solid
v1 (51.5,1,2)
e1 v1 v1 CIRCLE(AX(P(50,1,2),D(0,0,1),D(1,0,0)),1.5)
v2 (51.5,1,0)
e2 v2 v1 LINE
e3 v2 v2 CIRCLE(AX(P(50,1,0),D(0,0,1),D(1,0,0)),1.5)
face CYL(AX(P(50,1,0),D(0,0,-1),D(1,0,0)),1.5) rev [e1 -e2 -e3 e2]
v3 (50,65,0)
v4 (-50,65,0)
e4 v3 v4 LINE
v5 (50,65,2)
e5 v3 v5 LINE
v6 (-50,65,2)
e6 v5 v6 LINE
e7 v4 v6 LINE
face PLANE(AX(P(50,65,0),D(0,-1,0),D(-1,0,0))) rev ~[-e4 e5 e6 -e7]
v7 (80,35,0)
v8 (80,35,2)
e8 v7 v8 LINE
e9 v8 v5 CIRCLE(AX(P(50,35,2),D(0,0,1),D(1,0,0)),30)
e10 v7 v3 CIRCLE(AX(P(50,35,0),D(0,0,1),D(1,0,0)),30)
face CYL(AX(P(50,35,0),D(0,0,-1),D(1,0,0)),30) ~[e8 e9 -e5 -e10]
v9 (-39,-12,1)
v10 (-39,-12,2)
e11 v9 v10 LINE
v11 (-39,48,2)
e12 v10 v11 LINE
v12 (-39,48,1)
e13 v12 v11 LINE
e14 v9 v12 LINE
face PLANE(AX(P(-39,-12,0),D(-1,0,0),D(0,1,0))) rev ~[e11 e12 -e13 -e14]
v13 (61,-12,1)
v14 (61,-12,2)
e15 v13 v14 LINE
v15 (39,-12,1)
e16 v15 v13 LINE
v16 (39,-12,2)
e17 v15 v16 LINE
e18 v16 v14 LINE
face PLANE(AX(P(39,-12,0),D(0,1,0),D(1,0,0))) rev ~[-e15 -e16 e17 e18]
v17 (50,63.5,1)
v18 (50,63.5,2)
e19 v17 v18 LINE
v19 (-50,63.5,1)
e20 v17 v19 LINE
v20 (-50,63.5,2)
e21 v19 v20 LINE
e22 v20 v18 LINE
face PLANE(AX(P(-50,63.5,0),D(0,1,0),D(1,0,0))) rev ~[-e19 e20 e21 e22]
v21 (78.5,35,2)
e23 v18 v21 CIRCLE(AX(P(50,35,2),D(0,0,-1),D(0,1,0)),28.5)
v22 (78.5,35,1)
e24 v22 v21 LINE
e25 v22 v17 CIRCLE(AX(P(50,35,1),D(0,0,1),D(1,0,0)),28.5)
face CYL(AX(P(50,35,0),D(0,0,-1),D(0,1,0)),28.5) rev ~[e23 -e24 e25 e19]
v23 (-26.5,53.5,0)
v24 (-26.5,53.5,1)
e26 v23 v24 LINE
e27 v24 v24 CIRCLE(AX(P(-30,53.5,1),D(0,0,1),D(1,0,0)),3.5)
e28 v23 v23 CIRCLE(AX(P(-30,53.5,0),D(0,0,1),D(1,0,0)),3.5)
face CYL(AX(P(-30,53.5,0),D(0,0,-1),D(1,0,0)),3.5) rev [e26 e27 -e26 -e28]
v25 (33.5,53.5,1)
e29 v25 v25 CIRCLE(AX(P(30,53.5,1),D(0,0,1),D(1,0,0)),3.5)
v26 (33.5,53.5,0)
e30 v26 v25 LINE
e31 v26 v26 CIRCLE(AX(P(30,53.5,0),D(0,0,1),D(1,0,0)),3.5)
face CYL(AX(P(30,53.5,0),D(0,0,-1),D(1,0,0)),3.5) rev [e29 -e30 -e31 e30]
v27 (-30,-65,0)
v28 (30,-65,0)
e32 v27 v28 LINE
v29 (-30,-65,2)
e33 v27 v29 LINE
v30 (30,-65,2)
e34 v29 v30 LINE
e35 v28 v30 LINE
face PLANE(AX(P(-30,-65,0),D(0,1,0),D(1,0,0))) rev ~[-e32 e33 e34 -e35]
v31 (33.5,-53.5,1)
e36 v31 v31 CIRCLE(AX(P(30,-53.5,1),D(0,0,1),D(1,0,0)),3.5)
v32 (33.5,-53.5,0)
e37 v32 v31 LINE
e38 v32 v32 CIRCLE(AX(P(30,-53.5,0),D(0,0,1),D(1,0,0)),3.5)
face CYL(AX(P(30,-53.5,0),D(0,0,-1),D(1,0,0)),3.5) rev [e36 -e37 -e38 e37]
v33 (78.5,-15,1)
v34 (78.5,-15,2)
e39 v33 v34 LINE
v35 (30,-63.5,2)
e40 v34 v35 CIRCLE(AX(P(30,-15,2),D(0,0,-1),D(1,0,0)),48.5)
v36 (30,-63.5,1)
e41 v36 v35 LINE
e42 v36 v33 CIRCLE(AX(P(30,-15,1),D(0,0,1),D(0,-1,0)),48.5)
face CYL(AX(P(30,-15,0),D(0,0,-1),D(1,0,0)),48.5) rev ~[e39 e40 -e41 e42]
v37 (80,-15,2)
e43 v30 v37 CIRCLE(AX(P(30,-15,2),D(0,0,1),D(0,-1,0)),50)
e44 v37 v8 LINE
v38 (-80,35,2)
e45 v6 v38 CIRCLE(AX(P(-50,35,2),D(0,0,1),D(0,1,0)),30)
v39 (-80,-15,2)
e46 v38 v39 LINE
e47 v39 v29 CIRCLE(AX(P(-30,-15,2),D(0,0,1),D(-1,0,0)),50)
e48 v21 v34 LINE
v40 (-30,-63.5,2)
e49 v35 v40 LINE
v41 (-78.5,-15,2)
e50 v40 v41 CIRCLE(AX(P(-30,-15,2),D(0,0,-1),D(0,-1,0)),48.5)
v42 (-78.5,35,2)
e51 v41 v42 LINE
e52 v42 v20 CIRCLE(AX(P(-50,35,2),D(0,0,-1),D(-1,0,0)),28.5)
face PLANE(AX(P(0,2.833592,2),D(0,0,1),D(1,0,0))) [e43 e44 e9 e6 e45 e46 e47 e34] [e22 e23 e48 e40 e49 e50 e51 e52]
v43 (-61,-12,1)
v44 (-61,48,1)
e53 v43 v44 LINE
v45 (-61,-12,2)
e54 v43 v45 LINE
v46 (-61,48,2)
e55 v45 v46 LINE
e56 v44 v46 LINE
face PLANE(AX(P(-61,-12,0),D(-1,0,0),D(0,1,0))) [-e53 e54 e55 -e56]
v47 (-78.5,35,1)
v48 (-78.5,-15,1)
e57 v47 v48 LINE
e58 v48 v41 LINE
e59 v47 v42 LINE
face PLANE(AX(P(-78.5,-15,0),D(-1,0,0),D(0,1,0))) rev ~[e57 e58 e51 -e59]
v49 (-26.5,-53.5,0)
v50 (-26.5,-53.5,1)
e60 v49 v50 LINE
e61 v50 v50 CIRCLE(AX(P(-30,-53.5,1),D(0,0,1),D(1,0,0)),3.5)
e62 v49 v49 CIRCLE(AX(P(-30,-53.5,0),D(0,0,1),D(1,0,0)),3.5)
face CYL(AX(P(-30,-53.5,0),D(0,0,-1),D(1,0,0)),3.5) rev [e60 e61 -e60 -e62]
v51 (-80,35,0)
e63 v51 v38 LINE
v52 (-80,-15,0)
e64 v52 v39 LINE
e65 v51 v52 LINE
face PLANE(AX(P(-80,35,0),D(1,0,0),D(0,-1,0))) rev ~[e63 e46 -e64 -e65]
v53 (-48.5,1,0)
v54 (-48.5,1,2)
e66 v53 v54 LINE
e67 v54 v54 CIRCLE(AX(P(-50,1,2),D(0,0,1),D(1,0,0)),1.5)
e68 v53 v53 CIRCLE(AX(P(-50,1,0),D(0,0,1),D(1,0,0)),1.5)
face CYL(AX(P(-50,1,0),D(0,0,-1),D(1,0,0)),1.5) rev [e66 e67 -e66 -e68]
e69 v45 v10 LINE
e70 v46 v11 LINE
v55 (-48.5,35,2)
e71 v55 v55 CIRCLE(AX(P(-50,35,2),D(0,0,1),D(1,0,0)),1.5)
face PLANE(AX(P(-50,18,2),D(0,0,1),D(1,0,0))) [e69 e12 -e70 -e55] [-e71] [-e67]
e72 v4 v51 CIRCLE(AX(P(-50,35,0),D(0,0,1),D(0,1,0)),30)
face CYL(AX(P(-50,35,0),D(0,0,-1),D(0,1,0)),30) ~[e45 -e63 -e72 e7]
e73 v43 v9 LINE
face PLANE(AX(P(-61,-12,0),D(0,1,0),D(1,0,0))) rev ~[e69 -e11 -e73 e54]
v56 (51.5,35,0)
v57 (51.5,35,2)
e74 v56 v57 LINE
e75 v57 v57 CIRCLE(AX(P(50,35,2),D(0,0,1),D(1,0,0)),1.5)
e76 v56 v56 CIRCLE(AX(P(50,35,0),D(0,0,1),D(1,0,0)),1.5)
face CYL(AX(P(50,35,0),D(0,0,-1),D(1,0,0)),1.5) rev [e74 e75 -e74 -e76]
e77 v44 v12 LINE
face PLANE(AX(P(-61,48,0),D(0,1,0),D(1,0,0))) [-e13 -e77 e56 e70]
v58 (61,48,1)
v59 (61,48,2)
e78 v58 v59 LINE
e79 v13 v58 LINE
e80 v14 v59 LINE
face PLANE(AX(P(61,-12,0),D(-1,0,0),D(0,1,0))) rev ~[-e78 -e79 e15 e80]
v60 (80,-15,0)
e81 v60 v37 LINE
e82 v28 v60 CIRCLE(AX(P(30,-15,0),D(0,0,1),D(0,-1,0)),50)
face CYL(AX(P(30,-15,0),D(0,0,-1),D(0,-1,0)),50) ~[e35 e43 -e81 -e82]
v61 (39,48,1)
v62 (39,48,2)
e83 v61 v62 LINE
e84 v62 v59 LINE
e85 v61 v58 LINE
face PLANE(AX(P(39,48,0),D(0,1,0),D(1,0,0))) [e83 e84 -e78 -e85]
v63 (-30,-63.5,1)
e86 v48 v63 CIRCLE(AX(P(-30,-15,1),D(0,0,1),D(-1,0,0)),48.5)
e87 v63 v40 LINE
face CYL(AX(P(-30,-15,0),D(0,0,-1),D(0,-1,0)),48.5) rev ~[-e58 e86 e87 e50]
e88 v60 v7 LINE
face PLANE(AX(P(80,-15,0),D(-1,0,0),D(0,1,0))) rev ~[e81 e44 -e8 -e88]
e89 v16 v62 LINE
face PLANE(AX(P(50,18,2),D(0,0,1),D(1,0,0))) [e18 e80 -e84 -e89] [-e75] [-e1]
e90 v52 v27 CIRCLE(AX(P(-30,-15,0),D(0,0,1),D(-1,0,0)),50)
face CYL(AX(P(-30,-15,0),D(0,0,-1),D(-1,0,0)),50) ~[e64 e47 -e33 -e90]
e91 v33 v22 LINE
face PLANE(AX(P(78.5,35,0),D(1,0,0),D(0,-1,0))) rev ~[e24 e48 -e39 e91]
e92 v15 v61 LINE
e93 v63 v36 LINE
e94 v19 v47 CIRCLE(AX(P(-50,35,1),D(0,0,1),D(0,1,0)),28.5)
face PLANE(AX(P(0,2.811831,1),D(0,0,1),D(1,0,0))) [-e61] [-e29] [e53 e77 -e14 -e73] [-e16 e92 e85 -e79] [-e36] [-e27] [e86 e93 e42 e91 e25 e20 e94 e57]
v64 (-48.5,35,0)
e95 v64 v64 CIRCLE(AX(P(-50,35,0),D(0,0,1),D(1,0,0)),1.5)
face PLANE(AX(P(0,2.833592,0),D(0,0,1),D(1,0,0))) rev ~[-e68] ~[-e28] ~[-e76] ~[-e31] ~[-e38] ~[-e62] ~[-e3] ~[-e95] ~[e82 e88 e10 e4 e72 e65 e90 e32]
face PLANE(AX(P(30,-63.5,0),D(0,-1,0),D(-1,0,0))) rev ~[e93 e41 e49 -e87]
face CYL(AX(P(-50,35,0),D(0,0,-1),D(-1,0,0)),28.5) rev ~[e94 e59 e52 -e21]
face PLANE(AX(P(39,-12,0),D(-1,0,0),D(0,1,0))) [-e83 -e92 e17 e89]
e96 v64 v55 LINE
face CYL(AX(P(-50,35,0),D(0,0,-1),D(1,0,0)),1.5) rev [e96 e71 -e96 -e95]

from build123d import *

# Parameters (mm, degrees)
F0_R     = 3.5
F0_W     = 22
F0_H     = 60
F1_DEPTH = 1
F0_R_2   = 1.5
F2_DEPTH = 2


with BuildPart() as f1:
    # F0 (on Top) → F1 (new body)
    with BuildSketch(Plane.XY):
        with BuildLine():
            Line((78.5, -15), (78.5, 35))
            ThreePointArc((78.5, 35), (70.1525432638, 55.1525432638), (50, 63.5))
            Line((50, 63.5), (-50, 63.5))
            ThreePointArc((-50, 63.5), (-70.1525432638, 55.1525432638), (-78.5, 35))
            Line((-78.5, 35), (-78.5, -15))
            ThreePointArc((-78.5, -15), (-64.2946788875, -49.2946788875), (-30, -63.5))
            Line((-30, -63.5), (30, -63.5))
            ThreePointArc((30, -63.5), (64.2946788875, -49.2946788875), (78.5, -15))
        make_face()
        with Locations((-30, -53.5)):
            Circle(F0_R, mode=Mode.SUBTRACT)
        with Locations((30, -53.5)):
            Circle(F0_R, mode=Mode.SUBTRACT)
        with Locations((-50, 18)):
            Rectangle(F0_W, F0_H, mode=Mode.SUBTRACT)
        with Locations((-30, 53.5)):
            Circle(F0_R, mode=Mode.SUBTRACT)
        with Locations((50, 18)):
            Rectangle(F0_W, F0_H, mode=Mode.SUBTRACT)
        with Locations((30, 53.5)):
            Circle(F0_R, mode=Mode.SUBTRACT)
    extrude(amount=F1_DEPTH)

    # F0 (on Top) → F2 (join)
    with BuildSketch(Plane.XY):
        with BuildLine():
            Line((-30, -65), (30, -65))
            ThreePointArc((30, -65), (65.3553390593, -50.3553390593), (80, -15))
            Line((80, -15), (80, 35))
            ThreePointArc((80, 35), (71.2132034356, 56.2132034356), (50, 65))
            Line((50, 65), (-50, 65))
            ThreePointArc((-50, 65), (-71.2132034356, 56.2132034356), (-80, 35))
            Line((-80, 35), (-80, -15))
            ThreePointArc((-80, -15), (-65.3553390593, -50.3553390593), (-30, -65))
        make_face()
        with BuildLine():
            ThreePointArc((50, 63.5), (70.1525432638, 55.1525432638), (78.5, 35))
            Line((78.5, 35), (78.5, -15))
            ThreePointArc((78.5, -15), (64.2946788875, -49.2946788875), (30, -63.5))
            Line((30, -63.5), (-30, -63.5))
            ThreePointArc((-30, -63.5), (-64.2946788875, -49.2946788875), (-78.5, -15))
            Line((-78.5, -15), (-78.5, 35))
            ThreePointArc((-78.5, 35), (-70.1525432638, 55.1525432638), (-50, 63.5))
            Line((-50, 63.5), (50, 63.5))
        make_face(mode=Mode.SUBTRACT)
        with Locations((-50, 18)):
            Rectangle(F0_W, F0_H)
        with Locations((-50, 1)):
            Circle(F0_R_2, mode=Mode.SUBTRACT)
        with Locations((-50, 35)):
            Circle(F0_R_2, mode=Mode.SUBTRACT)
        with Locations((50, 18)):
            Rectangle(F0_W, F0_H)
        with Locations((50, 1)):
            Circle(F0_R_2, mode=Mode.SUBTRACT)
        with Locations((50, 35)):
            Circle(F0_R_2, mode=Mode.SUBTRACT)
    extrude(amount=F2_DEPTH)


solid = f1.part
